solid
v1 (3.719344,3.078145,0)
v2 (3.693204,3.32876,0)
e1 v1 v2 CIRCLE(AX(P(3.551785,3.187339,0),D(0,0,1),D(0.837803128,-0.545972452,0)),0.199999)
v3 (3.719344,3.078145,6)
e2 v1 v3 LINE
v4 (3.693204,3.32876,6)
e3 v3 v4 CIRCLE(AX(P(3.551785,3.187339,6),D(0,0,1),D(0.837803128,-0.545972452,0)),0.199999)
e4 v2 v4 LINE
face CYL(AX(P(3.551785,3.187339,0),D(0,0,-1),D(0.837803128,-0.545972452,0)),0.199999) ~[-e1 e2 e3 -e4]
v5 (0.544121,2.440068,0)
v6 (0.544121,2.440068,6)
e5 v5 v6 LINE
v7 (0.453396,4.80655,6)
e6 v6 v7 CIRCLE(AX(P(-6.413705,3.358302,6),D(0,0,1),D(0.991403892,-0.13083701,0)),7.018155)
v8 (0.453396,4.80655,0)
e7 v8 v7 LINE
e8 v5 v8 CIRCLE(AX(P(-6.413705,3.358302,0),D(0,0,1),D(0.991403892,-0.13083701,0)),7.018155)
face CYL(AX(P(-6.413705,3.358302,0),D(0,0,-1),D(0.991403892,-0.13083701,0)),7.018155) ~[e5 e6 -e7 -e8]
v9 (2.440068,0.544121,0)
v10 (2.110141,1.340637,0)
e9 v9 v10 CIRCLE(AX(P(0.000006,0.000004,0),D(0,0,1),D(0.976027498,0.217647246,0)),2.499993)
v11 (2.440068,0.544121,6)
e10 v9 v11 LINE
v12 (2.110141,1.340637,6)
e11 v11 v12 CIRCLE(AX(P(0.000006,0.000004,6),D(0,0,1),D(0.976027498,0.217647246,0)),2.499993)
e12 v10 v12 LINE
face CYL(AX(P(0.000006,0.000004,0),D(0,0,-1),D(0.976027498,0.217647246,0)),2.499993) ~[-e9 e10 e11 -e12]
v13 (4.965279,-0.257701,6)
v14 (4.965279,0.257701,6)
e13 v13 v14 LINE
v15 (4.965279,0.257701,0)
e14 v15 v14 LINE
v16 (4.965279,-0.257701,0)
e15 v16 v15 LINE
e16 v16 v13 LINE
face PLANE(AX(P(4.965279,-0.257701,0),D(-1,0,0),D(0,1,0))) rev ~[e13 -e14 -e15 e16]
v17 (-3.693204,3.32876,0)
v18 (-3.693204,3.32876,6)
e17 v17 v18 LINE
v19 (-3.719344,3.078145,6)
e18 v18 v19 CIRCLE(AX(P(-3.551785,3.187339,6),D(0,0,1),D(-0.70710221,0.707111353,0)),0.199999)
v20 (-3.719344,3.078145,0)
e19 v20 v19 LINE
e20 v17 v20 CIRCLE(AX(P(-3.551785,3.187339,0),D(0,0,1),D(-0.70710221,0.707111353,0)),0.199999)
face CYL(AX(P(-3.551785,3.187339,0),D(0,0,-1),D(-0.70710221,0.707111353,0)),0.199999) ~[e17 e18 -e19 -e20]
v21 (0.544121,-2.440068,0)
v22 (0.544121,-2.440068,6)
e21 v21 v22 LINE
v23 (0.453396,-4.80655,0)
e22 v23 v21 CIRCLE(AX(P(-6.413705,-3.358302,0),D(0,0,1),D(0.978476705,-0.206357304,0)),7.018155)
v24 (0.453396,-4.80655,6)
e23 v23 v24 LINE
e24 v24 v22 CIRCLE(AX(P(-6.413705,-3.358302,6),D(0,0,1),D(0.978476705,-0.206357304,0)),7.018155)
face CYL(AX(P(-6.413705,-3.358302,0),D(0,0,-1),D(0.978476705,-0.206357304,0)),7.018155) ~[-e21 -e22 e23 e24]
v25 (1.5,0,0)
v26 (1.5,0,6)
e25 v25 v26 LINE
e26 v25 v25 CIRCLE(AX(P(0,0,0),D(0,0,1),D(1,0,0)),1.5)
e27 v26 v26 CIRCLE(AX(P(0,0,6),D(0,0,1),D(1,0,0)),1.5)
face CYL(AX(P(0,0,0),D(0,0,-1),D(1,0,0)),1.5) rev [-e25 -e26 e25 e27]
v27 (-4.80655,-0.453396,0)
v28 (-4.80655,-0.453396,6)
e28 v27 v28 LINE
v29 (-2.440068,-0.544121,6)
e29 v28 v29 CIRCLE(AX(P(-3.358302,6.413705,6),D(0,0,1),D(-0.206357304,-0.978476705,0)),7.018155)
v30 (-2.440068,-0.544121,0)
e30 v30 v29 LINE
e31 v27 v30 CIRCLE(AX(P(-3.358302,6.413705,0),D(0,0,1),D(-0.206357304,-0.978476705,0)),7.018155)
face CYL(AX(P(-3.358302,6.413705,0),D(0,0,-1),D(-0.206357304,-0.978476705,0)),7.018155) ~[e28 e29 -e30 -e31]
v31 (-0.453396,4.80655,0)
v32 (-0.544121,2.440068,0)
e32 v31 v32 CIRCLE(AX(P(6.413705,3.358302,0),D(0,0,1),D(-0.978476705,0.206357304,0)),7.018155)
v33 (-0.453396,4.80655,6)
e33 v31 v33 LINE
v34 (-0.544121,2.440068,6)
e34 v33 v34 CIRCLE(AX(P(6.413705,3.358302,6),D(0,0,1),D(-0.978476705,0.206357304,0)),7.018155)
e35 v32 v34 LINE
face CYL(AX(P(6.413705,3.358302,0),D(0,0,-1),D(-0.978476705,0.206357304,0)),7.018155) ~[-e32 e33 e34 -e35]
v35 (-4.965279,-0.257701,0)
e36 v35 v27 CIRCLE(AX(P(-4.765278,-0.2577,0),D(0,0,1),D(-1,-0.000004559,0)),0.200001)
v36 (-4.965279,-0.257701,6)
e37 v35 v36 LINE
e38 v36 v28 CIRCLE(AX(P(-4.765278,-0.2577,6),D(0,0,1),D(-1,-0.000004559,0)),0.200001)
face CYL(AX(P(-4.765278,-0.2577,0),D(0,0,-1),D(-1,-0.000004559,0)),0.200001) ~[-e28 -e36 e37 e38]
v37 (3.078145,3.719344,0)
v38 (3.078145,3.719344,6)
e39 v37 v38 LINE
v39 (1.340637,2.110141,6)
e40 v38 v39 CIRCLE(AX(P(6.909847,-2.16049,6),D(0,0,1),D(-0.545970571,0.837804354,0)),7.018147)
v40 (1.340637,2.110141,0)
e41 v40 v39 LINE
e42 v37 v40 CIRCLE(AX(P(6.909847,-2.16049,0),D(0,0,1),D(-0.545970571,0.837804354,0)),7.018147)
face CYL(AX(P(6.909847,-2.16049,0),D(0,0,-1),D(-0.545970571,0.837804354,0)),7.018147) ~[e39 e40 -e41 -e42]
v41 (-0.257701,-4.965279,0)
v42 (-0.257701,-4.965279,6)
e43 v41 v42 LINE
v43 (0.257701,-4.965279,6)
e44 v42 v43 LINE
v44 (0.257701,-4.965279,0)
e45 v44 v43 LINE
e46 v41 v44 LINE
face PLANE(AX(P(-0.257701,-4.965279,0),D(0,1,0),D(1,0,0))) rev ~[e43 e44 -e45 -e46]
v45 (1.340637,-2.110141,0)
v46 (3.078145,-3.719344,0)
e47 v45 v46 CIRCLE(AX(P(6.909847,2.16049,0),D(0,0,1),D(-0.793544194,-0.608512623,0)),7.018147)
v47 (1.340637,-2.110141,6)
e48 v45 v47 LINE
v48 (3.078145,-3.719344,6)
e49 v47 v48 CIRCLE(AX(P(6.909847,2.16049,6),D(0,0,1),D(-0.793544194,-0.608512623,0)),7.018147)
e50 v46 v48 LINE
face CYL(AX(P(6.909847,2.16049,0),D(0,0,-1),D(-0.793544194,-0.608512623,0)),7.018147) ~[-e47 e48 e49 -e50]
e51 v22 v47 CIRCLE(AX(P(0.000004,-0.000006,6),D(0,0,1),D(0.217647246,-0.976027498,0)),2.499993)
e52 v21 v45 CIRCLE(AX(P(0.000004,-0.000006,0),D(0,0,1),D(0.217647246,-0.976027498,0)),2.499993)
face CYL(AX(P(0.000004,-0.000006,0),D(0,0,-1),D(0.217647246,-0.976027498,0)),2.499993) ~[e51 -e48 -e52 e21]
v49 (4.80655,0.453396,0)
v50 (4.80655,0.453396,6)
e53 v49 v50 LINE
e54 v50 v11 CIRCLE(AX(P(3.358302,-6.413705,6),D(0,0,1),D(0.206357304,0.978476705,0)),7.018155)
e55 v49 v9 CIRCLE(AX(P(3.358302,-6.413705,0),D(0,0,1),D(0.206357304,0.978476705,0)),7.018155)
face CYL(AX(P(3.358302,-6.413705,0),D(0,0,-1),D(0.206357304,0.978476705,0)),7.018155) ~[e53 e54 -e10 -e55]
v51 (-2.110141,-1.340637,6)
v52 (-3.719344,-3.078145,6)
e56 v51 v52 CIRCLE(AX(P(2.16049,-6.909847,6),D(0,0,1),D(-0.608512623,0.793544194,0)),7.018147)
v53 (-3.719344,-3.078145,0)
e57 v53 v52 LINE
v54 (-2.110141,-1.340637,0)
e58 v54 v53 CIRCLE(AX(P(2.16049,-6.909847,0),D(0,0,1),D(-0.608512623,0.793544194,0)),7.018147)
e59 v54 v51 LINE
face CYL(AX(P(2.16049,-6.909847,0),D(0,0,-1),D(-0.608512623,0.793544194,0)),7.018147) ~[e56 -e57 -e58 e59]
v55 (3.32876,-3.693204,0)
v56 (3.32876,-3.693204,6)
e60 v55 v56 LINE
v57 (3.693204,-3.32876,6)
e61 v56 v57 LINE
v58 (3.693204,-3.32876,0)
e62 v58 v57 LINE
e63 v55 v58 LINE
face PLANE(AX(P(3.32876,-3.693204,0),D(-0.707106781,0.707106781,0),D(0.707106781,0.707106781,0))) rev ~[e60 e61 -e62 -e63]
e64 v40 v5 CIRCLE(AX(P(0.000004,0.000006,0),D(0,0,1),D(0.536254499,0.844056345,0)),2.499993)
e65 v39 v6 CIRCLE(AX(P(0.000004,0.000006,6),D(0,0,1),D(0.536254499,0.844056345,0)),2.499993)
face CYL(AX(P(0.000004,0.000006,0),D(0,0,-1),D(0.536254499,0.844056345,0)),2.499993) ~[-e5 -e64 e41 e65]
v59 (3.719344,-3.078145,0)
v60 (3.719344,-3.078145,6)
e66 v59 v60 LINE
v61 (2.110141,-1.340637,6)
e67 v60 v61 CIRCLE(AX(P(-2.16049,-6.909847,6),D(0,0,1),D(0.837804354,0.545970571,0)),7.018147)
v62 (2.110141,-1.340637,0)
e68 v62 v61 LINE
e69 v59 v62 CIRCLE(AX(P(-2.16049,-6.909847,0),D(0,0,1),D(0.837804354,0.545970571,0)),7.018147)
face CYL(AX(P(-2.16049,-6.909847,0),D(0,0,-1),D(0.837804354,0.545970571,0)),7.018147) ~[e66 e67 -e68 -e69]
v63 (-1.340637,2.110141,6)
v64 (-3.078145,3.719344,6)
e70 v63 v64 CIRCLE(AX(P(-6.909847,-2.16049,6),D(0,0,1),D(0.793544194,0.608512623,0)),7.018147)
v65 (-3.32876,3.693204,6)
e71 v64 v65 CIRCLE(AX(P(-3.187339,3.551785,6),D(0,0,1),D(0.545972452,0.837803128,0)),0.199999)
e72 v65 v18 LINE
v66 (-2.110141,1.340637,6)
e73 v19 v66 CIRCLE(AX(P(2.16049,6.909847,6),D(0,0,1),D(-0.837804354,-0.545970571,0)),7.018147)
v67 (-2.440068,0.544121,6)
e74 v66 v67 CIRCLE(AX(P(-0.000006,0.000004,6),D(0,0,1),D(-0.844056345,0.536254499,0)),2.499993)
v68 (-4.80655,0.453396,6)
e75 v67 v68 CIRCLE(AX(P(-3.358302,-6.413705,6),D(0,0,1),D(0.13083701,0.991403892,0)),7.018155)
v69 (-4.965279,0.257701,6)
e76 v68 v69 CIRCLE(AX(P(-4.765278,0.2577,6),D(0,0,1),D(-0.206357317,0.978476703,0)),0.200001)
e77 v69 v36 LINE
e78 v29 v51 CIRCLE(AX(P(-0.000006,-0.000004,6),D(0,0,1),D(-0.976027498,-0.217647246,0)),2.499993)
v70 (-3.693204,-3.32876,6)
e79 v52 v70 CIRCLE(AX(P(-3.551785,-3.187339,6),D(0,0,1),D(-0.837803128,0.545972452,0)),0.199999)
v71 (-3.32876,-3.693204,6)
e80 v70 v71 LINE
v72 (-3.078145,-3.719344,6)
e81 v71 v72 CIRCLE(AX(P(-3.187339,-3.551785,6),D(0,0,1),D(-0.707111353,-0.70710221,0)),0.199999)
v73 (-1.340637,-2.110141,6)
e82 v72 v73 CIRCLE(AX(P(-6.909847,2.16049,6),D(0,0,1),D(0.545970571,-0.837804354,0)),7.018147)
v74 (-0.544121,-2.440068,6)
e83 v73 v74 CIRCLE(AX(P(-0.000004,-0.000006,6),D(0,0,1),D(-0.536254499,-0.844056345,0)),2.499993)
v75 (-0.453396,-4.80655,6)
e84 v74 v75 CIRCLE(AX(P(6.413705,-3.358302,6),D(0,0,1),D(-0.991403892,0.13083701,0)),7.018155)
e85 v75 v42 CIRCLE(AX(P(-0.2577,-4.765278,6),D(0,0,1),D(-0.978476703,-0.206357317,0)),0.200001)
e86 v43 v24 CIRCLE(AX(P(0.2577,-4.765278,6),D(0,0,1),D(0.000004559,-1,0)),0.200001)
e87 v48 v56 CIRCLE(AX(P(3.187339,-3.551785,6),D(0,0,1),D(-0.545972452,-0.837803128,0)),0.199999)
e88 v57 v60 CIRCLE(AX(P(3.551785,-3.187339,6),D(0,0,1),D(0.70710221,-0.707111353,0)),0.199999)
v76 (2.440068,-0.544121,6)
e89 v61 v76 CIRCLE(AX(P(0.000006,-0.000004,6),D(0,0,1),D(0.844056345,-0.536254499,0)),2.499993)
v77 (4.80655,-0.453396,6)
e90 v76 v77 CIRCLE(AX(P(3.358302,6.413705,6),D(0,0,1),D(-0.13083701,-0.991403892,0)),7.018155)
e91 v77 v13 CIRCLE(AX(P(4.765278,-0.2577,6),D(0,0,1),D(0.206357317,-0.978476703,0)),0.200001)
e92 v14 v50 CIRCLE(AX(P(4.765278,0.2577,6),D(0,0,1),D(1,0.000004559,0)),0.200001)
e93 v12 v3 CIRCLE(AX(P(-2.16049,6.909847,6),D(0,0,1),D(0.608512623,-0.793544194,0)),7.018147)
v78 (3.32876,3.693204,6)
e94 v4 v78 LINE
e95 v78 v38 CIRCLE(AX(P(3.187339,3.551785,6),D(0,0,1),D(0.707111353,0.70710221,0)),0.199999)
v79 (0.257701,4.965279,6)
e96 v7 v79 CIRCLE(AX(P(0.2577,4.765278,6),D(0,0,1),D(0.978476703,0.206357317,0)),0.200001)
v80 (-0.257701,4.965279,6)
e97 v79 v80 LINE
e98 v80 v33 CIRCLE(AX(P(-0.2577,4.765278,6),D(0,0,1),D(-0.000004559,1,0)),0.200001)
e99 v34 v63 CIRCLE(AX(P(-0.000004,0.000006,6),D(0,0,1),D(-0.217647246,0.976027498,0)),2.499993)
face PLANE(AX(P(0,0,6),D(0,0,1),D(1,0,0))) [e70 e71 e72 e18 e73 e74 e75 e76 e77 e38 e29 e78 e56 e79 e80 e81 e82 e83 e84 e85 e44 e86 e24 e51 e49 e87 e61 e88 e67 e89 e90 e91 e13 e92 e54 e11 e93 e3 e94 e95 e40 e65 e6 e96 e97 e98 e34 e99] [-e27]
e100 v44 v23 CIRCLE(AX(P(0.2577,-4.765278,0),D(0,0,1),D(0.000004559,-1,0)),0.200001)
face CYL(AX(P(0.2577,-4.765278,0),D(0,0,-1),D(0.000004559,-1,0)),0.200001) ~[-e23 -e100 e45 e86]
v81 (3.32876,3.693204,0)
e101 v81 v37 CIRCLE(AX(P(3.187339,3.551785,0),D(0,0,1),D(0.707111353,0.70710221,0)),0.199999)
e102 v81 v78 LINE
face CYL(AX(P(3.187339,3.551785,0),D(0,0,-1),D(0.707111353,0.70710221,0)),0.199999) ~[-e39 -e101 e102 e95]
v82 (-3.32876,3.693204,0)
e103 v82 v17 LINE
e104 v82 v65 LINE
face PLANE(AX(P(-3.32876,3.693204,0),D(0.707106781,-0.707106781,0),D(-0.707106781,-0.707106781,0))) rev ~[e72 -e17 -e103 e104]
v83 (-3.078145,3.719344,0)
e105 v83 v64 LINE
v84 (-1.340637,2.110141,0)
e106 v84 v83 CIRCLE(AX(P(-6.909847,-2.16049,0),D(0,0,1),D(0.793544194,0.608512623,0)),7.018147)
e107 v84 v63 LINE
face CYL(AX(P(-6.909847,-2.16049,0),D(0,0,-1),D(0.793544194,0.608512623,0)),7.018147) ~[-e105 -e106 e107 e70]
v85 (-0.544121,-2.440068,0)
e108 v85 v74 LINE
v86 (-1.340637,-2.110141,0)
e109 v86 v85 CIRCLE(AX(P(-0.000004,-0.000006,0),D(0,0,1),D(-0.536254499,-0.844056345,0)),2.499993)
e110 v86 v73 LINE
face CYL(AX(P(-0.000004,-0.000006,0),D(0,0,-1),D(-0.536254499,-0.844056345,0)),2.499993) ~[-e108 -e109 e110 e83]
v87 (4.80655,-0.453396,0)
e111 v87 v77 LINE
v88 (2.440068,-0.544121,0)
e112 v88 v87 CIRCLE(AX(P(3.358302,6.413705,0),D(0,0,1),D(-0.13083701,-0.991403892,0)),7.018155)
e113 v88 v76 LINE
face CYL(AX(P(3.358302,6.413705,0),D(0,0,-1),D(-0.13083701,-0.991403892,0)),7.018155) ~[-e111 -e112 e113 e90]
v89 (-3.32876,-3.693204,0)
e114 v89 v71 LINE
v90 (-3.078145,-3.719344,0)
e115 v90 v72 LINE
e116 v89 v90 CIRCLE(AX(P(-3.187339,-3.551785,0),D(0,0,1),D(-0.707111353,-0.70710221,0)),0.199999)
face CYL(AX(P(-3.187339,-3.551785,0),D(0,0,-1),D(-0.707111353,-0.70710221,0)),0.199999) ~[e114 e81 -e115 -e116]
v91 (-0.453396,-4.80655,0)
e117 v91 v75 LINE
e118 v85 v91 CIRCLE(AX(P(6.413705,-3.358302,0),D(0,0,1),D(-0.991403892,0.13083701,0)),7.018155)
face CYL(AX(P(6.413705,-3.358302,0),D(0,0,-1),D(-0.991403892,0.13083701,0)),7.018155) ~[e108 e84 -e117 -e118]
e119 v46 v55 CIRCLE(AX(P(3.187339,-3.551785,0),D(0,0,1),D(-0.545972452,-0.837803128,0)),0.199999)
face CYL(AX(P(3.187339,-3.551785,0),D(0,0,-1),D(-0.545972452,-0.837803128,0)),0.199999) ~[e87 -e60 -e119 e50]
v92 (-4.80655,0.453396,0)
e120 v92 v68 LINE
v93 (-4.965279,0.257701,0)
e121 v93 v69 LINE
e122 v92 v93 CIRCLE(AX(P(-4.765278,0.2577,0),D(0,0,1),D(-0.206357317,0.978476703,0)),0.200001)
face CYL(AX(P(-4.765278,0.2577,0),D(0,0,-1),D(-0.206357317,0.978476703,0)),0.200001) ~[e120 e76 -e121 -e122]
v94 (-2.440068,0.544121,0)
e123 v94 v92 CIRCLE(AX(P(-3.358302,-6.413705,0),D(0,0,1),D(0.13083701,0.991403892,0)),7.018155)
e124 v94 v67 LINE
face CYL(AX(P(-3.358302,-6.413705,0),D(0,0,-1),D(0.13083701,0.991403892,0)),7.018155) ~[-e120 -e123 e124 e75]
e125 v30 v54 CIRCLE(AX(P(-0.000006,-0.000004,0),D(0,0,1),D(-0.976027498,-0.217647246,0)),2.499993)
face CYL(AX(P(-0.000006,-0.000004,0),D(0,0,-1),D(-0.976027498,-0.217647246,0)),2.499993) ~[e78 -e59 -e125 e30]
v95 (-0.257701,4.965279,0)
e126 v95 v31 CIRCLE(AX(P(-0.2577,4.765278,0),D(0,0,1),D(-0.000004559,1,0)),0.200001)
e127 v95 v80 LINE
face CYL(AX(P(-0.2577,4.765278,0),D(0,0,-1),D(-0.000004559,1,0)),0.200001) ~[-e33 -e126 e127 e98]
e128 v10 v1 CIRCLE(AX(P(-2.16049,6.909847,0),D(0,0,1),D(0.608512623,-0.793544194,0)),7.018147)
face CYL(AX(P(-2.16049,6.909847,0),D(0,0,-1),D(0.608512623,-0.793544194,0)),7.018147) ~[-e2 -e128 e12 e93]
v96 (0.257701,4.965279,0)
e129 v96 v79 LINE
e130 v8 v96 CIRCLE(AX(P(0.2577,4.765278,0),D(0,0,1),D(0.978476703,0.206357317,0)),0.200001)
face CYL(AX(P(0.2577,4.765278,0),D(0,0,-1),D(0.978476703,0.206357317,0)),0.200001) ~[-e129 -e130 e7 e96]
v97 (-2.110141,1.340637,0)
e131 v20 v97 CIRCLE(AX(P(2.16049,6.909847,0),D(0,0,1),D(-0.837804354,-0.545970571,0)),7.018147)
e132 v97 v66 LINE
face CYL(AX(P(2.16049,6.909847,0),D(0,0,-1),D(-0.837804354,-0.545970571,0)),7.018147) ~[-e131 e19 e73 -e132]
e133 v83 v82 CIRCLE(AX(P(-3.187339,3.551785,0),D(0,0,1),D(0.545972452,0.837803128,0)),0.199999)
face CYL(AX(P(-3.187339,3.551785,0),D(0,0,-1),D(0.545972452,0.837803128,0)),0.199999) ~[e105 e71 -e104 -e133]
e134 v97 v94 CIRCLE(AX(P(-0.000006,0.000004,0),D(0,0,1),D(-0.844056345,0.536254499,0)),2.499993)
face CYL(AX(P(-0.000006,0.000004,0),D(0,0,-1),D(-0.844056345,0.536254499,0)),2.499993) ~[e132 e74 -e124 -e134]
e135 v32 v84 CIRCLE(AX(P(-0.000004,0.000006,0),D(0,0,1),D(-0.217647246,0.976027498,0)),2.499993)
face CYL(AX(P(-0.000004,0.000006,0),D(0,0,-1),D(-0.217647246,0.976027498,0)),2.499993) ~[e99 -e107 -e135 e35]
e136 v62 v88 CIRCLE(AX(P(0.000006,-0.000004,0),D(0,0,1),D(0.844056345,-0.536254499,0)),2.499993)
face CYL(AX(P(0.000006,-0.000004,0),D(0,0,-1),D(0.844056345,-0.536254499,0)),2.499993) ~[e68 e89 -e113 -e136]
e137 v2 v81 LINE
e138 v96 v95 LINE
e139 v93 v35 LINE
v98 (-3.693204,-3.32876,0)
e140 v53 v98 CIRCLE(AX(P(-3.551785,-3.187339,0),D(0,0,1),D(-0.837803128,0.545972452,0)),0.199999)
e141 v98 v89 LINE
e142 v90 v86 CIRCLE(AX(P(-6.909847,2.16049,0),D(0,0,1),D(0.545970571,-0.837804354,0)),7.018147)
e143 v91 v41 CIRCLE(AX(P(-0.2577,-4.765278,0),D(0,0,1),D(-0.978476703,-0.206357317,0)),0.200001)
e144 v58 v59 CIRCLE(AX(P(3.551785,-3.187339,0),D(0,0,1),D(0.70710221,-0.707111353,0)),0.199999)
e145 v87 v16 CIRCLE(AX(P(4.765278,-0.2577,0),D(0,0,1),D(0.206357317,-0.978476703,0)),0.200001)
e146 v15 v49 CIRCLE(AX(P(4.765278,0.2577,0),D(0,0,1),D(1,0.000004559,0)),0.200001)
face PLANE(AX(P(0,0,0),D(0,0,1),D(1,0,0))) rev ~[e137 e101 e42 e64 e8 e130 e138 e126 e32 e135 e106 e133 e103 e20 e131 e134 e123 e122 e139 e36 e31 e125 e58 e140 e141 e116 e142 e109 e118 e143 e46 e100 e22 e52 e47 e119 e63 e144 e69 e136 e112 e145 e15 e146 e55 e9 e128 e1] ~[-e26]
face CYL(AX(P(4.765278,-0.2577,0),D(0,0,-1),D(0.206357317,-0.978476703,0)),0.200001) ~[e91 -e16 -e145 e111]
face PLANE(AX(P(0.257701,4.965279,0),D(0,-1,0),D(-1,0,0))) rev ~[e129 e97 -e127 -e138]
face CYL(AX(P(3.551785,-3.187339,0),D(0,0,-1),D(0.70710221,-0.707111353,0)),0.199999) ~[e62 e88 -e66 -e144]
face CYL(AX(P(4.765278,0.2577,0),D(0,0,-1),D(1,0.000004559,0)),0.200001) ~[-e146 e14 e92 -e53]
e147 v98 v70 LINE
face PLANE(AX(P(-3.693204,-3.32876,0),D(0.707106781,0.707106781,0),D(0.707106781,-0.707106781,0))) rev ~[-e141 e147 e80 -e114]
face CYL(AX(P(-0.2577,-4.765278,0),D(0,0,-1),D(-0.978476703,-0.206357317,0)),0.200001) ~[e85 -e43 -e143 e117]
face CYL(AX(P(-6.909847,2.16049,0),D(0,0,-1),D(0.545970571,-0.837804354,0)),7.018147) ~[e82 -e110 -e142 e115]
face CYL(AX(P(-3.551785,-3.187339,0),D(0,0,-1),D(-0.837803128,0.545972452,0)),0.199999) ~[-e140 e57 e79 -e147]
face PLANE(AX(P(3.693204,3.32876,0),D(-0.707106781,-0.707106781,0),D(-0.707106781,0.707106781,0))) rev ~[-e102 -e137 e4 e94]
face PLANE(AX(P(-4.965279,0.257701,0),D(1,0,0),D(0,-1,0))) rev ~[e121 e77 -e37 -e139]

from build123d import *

# Parameters (mm, degrees)
F0_R     = 1.5
F1_DEPTH = 6


with BuildPart() as f1:
    # F0 (on Top) → F1 (new body)
    with BuildSketch(Plane.XY):
        with BuildLine():
            ThreePointArc((1.340637, 2.110141), (0.956709, 2.309699), (0.544121, 2.440068))
            ThreePointArc((0.544121, 2.440068), (0.599298, 3.627163), (0.453396, 4.80655))
            ThreePointArc((0.453396, 4.80655), (0.383688, 4.920608), (0.257701, 4.965279))
            Line((0.257701, 4.965279), (-0.257701, 4.965279))
            ThreePointArc((-0.257701, 4.965279), (-0.383688, 4.920608), (-0.453396, 4.80655))
            ThreePointArc((-0.453396, 4.80655), (-0.599298, 3.627163), (-0.544121, 2.440068))
            ThreePointArc((-0.544121, 2.440068), (-0.956709, 2.309699), (-1.340637, 2.110141))
            ThreePointArc((-1.340637, 2.110141), (-2.141024, 2.98856), (-3.078145, 3.719344))
            ThreePointArc((-3.078145, 3.719344), (-3.208087, 3.750704), (-3.32876, 3.693204))
            Line((-3.32876, 3.693204), (-3.693204, 3.32876))
            ThreePointArc((-3.693204, 3.32876), (-3.750704, 3.208087), (-3.719344, 3.078145))
            ThreePointArc((-3.719344, 3.078145), (-2.98856, 2.141024), (-2.110141, 1.340637))
            ThreePointArc((-2.110141, 1.340637), (-2.309699, 0.956709), (-2.440068, 0.544121))
            ThreePointArc((-2.440068, 0.544121), (-3.627163, 0.599298), (-4.80655, 0.453396))
            ThreePointArc((-4.80655, 0.453396), (-4.920608, 0.383688), (-4.965279, 0.257701))
            Line((-4.965279, 0.257701), (-4.965279, -0.257701))
            ThreePointArc((-4.965279, -0.257701), (-4.920608, -0.383688), (-4.80655, -0.453396))
            ThreePointArc((-4.80655, -0.453396), (-3.627163, -0.599298), (-2.440068, -0.544121))
            ThreePointArc((-2.440068, -0.544121), (-2.309699, -0.956709), (-2.110141, -1.340637))
            ThreePointArc((-2.110141, -1.340637), (-2.98856, -2.141024), (-3.719344, -3.078145))
            ThreePointArc((-3.719344, -3.078145), (-3.750704, -3.208087), (-3.693204, -3.32876))
            Line((-3.693204, -3.32876), (-3.32876, -3.693204))
            ThreePointArc((-3.32876, -3.693204), (-3.208087, -3.750704), (-3.078145, -3.719344))
            ThreePointArc((-3.078145, -3.719344), (-2.141024, -2.98856), (-1.340637, -2.110141))
            ThreePointArc((-1.340637, -2.110141), (-0.956709, -2.309699), (-0.544121, -2.440068))
            ThreePointArc((-0.544121, -2.440068), (-0.599298, -3.627163), (-0.453396, -4.80655))
            ThreePointArc((-0.453396, -4.80655), (-0.383688, -4.920608), (-0.257701, -4.965279))
            Line((-0.257701, -4.965279), (0.257701, -4.965279))
            ThreePointArc((0.257701, -4.965279), (0.383688, -4.920608), (0.453396, -4.80655))
            ThreePointArc((0.453396, -4.80655), (0.599298, -3.627163), (0.544121, -2.440068))
            ThreePointArc((0.544121, -2.440068), (0.956709, -2.309699), (1.340637, -2.110141))
            ThreePointArc((1.340637, -2.110141), (2.141024, -2.98856), (3.078145, -3.719344))
            ThreePointArc((3.078145, -3.719344), (3.208087, -3.750704), (3.32876, -3.693204))
            Line((3.32876, -3.693204), (3.693204, -3.32876))
            ThreePointArc((3.693204, -3.32876), (3.750704, -3.208087), (3.719344, -3.078145))
            ThreePointArc((3.719344, -3.078145), (2.98856, -2.141024), (2.110141, -1.340637))
            ThreePointArc((2.110141, -1.340637), (2.309699, -0.956709), (2.440068, -0.544121))
            ThreePointArc((2.440068, -0.544121), (3.627163, -0.599298), (4.80655, -0.453396))
            ThreePointArc((4.80655, -0.453396), (4.920608, -0.383688), (4.965279, -0.257701))
            Line((4.965279, -0.257701), (4.965279, 0.257701))
            ThreePointArc((4.965279, 0.257701), (4.920608, 0.383688), (4.80655, 0.453396))
            ThreePointArc((4.80655, 0.453396), (3.627163, 0.599298), (2.440068, 0.544121))
            ThreePointArc((2.440068, 0.544121), (2.309699, 0.956709), (2.110141, 1.340637))
            ThreePointArc((2.110141, 1.340637), (2.98856, 2.141024), (3.719344, 3.078145))
            ThreePointArc((3.719344, 3.078145), (3.750704, 3.208087), (3.693204, 3.32876))
            Line((3.693204, 3.32876), (3.32876, 3.693204))
            ThreePointArc((3.32876, 3.693204), (3.208087, 3.750704), (3.078145, 3.719344))
            ThreePointArc((3.078145, 3.719344), (2.141024, 2.98856), (1.340637, 2.110141))
        make_face()
        Circle(F0_R, mode=Mode.SUBTRACT)
    extrude(amount=F1_DEPTH)


solid = f1.part
